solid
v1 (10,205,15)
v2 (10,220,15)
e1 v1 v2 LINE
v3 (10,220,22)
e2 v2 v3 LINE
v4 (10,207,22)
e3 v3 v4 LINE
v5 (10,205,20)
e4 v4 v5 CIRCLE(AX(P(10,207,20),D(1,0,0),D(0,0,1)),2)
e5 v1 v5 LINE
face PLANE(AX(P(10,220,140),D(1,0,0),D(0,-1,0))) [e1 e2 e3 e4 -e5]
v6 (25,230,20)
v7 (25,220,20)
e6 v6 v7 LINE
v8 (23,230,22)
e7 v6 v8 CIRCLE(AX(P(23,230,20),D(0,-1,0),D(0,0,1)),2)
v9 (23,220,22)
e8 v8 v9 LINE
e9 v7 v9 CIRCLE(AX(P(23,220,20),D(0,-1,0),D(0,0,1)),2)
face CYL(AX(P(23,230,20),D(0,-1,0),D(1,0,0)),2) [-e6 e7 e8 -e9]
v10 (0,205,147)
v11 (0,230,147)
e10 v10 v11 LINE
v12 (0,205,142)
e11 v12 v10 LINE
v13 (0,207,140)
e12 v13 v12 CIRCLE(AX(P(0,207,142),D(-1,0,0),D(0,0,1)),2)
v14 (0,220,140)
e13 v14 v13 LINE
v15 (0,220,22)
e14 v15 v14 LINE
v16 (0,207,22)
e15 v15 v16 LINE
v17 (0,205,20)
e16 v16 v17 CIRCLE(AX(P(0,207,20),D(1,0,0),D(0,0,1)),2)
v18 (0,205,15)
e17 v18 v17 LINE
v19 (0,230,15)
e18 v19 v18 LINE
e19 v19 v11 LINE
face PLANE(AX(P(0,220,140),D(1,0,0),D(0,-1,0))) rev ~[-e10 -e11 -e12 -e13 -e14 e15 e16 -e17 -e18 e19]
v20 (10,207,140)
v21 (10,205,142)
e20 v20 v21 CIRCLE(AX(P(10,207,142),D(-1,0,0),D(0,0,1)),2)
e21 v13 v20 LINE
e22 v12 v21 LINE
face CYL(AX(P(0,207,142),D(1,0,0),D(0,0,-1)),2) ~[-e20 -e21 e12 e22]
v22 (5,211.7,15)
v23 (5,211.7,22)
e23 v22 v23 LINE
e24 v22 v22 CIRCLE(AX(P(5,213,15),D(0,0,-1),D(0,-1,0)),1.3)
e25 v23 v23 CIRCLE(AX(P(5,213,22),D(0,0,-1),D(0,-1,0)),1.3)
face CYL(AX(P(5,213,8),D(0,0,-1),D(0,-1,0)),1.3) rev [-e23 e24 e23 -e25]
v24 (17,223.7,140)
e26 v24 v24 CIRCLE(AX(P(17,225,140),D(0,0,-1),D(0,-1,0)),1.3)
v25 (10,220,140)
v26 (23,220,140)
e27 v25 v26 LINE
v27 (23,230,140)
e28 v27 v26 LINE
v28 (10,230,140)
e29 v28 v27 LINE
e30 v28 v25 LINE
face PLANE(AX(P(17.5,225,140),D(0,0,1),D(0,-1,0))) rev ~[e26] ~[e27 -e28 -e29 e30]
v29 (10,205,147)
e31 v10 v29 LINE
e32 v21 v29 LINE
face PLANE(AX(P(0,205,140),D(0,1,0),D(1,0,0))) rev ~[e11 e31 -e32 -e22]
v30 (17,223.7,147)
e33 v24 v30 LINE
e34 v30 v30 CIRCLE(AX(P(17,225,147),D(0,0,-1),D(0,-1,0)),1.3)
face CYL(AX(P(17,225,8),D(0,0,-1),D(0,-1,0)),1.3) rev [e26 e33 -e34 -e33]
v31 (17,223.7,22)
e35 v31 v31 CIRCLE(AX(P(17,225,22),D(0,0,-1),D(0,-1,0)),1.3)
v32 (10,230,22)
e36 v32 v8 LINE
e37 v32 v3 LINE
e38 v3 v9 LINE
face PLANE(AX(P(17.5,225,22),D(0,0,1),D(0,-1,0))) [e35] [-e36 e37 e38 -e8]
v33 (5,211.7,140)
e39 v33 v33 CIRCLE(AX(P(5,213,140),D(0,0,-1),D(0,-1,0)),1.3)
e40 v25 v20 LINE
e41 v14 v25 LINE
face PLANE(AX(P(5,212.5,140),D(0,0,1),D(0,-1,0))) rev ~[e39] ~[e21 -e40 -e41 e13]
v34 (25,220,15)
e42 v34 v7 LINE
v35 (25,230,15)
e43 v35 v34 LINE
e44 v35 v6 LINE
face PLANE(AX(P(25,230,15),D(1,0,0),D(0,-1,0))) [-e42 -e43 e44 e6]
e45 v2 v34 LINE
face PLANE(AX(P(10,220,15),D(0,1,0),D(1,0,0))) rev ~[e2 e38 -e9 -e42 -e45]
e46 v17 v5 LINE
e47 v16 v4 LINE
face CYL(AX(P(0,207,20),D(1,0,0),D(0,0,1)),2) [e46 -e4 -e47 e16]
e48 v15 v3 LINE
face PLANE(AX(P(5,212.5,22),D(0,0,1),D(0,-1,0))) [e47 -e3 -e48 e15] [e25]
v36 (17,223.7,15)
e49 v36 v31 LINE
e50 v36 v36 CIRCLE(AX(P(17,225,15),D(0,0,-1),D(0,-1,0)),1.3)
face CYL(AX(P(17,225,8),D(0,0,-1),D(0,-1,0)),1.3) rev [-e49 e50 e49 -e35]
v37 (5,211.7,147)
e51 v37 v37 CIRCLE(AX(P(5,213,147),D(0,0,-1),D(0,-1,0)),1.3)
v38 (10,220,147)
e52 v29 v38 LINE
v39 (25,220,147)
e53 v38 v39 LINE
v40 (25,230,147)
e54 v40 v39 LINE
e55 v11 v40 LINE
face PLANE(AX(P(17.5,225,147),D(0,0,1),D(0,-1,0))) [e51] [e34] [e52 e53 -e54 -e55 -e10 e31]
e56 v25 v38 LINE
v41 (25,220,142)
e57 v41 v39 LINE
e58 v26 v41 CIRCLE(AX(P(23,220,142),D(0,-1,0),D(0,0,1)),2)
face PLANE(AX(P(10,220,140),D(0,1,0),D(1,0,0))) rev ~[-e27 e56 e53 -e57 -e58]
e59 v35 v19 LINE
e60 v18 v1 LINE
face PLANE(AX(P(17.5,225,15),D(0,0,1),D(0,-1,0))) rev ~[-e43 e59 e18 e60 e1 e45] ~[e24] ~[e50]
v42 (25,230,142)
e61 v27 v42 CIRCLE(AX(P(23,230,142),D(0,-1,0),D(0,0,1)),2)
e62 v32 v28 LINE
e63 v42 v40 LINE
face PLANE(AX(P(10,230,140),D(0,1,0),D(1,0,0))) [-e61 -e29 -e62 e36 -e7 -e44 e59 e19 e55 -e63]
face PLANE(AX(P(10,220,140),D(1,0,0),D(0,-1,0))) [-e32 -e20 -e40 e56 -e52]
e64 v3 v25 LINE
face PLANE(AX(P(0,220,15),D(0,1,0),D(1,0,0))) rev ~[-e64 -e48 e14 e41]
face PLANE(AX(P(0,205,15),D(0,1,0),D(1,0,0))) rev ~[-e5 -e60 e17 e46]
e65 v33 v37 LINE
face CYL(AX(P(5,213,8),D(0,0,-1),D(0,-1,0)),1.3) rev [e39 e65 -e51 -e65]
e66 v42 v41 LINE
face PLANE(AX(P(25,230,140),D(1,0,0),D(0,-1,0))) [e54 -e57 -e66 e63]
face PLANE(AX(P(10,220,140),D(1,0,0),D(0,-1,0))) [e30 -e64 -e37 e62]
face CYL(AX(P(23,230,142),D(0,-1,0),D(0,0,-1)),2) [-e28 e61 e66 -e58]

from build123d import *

# Parameters (mm, degrees)
CYLINDER025_R          = 1.3
CYLINDER025_DEPTH      = 146
CYLINDER026_R          = 1.3
CYLINDER026_DEPTH      = 146
BOX092_W               = 10
BOX092_H               = 10
BOX092_DEPTH           = 132
BOX096_W               = 15
BOX096_H               = 10
BOX096_DEPTH           = 7
BOX095_W               = 10
BOX095_H               = 15
BOX095_DEPTH           = 7
BOX094_W               = 10
BOX094_H               = 15
BOX094_DEPTH           = 7
BOX093_W               = 15
BOX093_H               = 10
BOX093_DEPTH           = 7
FILLET006_R            = 2
CUT039_PLACEMENT_ANGLE = 90


with BuildPart() as cilindro025:
    # Cylinder025 → Cylinder025 (new body)
    with BuildSketch(Plane(origin=(5, 17, 8), x_dir=(1, 0, 0), z_dir=(0, 0, 1))):
        Circle(CYLINDER025_R)
    extrude(amount=CYLINDER025_DEPTH)


with BuildPart() as cilindro026:
    # Cylinder026 → Cylinder026 (new body)
    with BuildSketch(Plane(origin=(17, 5, 8), x_dir=(1, 0, 0), z_dir=(0, 0, 1))):
        Circle(CYLINDER026_R)
    extrude(amount=CYLINDER026_DEPTH)


with BuildPart() as cubo055:
    # Box092 → Box092 (new body)
    with BuildSketch(Plane.XY.offset(15)):
        with Locations((5, 5)):
            Rectangle(BOX092_W, BOX092_H)
    extrude(amount=BOX092_DEPTH)


with BuildPart() as cubo059:
    # Box096 → Box096 (new body)
    with BuildSketch(Plane(origin=(10, 0, 140), x_dir=(1, 0, 0), z_dir=(0, 0, 1))):
        with Locations((7.5, 5)):
            Rectangle(BOX096_W, BOX096_H)
    extrude(amount=BOX096_DEPTH)


with BuildPart() as cubo058:
    # Box095 → Box095 (new body)
    with BuildSketch(Plane(origin=(0, 10, 15), x_dir=(1, 0, 0), z_dir=(0, 0, 1))):
        with Locations((5, 7.5)):
            Rectangle(BOX095_W, BOX095_H)
    extrude(amount=BOX095_DEPTH)


with BuildPart() as cubo057:
    # Box094 → Box094 (new body)
    with BuildSketch(Plane(origin=(0, 10, 140), x_dir=(1, 0, 0), z_dir=(0, 0, 1))):
        with Locations((5, 7.5)):
            Rectangle(BOX094_W, BOX094_H)
    extrude(amount=BOX094_DEPTH)


with BuildPart() as pilar007:
    # Box093 → Box093 (new body)
    with BuildSketch(Plane(origin=(10, 0, 15), x_dir=(1, 0, 0), z_dir=(0, 0, 1))):
        with Locations((7.5, 5)):
            Rectangle(BOX093_W, BOX093_H)
    extrude(amount=BOX093_DEPTH)

    # Fusion014: union Cubo055, Cubo059, Cubo058, Cubo057
    add(cubo055.part)
    add(cubo059.part)
    add(cubo058.part)
    add(cubo057.part)

    # Fillet006
    fillet006_edges = [pilar007.edges().sort_by_distance(p)[0] for p in [
        (25, 5, 22),
        (25, 5, 140),
        (5, 25, 22),
        (5, 25, 140),
    ]]
    fillet(fillet006_edges, radius=FILLET006_R)

    # Cut040: cut Cilindro026
    add(cilindro026.part, mode=Mode.SUBTRACT)

    # Cut039: cut Cilindro025
    add(cilindro025.part, mode=Mode.SUBTRACT)


with BuildPart() as pilar007_1:
    # Cut039 placement: moved
    add(pilar007.part.moved(Location((0, 230, 0))).rotate(Axis((0, 230, 0), (0, 0, -1)), CUT039_PLACEMENT_ANGLE))


solid = pilar007_1.part
